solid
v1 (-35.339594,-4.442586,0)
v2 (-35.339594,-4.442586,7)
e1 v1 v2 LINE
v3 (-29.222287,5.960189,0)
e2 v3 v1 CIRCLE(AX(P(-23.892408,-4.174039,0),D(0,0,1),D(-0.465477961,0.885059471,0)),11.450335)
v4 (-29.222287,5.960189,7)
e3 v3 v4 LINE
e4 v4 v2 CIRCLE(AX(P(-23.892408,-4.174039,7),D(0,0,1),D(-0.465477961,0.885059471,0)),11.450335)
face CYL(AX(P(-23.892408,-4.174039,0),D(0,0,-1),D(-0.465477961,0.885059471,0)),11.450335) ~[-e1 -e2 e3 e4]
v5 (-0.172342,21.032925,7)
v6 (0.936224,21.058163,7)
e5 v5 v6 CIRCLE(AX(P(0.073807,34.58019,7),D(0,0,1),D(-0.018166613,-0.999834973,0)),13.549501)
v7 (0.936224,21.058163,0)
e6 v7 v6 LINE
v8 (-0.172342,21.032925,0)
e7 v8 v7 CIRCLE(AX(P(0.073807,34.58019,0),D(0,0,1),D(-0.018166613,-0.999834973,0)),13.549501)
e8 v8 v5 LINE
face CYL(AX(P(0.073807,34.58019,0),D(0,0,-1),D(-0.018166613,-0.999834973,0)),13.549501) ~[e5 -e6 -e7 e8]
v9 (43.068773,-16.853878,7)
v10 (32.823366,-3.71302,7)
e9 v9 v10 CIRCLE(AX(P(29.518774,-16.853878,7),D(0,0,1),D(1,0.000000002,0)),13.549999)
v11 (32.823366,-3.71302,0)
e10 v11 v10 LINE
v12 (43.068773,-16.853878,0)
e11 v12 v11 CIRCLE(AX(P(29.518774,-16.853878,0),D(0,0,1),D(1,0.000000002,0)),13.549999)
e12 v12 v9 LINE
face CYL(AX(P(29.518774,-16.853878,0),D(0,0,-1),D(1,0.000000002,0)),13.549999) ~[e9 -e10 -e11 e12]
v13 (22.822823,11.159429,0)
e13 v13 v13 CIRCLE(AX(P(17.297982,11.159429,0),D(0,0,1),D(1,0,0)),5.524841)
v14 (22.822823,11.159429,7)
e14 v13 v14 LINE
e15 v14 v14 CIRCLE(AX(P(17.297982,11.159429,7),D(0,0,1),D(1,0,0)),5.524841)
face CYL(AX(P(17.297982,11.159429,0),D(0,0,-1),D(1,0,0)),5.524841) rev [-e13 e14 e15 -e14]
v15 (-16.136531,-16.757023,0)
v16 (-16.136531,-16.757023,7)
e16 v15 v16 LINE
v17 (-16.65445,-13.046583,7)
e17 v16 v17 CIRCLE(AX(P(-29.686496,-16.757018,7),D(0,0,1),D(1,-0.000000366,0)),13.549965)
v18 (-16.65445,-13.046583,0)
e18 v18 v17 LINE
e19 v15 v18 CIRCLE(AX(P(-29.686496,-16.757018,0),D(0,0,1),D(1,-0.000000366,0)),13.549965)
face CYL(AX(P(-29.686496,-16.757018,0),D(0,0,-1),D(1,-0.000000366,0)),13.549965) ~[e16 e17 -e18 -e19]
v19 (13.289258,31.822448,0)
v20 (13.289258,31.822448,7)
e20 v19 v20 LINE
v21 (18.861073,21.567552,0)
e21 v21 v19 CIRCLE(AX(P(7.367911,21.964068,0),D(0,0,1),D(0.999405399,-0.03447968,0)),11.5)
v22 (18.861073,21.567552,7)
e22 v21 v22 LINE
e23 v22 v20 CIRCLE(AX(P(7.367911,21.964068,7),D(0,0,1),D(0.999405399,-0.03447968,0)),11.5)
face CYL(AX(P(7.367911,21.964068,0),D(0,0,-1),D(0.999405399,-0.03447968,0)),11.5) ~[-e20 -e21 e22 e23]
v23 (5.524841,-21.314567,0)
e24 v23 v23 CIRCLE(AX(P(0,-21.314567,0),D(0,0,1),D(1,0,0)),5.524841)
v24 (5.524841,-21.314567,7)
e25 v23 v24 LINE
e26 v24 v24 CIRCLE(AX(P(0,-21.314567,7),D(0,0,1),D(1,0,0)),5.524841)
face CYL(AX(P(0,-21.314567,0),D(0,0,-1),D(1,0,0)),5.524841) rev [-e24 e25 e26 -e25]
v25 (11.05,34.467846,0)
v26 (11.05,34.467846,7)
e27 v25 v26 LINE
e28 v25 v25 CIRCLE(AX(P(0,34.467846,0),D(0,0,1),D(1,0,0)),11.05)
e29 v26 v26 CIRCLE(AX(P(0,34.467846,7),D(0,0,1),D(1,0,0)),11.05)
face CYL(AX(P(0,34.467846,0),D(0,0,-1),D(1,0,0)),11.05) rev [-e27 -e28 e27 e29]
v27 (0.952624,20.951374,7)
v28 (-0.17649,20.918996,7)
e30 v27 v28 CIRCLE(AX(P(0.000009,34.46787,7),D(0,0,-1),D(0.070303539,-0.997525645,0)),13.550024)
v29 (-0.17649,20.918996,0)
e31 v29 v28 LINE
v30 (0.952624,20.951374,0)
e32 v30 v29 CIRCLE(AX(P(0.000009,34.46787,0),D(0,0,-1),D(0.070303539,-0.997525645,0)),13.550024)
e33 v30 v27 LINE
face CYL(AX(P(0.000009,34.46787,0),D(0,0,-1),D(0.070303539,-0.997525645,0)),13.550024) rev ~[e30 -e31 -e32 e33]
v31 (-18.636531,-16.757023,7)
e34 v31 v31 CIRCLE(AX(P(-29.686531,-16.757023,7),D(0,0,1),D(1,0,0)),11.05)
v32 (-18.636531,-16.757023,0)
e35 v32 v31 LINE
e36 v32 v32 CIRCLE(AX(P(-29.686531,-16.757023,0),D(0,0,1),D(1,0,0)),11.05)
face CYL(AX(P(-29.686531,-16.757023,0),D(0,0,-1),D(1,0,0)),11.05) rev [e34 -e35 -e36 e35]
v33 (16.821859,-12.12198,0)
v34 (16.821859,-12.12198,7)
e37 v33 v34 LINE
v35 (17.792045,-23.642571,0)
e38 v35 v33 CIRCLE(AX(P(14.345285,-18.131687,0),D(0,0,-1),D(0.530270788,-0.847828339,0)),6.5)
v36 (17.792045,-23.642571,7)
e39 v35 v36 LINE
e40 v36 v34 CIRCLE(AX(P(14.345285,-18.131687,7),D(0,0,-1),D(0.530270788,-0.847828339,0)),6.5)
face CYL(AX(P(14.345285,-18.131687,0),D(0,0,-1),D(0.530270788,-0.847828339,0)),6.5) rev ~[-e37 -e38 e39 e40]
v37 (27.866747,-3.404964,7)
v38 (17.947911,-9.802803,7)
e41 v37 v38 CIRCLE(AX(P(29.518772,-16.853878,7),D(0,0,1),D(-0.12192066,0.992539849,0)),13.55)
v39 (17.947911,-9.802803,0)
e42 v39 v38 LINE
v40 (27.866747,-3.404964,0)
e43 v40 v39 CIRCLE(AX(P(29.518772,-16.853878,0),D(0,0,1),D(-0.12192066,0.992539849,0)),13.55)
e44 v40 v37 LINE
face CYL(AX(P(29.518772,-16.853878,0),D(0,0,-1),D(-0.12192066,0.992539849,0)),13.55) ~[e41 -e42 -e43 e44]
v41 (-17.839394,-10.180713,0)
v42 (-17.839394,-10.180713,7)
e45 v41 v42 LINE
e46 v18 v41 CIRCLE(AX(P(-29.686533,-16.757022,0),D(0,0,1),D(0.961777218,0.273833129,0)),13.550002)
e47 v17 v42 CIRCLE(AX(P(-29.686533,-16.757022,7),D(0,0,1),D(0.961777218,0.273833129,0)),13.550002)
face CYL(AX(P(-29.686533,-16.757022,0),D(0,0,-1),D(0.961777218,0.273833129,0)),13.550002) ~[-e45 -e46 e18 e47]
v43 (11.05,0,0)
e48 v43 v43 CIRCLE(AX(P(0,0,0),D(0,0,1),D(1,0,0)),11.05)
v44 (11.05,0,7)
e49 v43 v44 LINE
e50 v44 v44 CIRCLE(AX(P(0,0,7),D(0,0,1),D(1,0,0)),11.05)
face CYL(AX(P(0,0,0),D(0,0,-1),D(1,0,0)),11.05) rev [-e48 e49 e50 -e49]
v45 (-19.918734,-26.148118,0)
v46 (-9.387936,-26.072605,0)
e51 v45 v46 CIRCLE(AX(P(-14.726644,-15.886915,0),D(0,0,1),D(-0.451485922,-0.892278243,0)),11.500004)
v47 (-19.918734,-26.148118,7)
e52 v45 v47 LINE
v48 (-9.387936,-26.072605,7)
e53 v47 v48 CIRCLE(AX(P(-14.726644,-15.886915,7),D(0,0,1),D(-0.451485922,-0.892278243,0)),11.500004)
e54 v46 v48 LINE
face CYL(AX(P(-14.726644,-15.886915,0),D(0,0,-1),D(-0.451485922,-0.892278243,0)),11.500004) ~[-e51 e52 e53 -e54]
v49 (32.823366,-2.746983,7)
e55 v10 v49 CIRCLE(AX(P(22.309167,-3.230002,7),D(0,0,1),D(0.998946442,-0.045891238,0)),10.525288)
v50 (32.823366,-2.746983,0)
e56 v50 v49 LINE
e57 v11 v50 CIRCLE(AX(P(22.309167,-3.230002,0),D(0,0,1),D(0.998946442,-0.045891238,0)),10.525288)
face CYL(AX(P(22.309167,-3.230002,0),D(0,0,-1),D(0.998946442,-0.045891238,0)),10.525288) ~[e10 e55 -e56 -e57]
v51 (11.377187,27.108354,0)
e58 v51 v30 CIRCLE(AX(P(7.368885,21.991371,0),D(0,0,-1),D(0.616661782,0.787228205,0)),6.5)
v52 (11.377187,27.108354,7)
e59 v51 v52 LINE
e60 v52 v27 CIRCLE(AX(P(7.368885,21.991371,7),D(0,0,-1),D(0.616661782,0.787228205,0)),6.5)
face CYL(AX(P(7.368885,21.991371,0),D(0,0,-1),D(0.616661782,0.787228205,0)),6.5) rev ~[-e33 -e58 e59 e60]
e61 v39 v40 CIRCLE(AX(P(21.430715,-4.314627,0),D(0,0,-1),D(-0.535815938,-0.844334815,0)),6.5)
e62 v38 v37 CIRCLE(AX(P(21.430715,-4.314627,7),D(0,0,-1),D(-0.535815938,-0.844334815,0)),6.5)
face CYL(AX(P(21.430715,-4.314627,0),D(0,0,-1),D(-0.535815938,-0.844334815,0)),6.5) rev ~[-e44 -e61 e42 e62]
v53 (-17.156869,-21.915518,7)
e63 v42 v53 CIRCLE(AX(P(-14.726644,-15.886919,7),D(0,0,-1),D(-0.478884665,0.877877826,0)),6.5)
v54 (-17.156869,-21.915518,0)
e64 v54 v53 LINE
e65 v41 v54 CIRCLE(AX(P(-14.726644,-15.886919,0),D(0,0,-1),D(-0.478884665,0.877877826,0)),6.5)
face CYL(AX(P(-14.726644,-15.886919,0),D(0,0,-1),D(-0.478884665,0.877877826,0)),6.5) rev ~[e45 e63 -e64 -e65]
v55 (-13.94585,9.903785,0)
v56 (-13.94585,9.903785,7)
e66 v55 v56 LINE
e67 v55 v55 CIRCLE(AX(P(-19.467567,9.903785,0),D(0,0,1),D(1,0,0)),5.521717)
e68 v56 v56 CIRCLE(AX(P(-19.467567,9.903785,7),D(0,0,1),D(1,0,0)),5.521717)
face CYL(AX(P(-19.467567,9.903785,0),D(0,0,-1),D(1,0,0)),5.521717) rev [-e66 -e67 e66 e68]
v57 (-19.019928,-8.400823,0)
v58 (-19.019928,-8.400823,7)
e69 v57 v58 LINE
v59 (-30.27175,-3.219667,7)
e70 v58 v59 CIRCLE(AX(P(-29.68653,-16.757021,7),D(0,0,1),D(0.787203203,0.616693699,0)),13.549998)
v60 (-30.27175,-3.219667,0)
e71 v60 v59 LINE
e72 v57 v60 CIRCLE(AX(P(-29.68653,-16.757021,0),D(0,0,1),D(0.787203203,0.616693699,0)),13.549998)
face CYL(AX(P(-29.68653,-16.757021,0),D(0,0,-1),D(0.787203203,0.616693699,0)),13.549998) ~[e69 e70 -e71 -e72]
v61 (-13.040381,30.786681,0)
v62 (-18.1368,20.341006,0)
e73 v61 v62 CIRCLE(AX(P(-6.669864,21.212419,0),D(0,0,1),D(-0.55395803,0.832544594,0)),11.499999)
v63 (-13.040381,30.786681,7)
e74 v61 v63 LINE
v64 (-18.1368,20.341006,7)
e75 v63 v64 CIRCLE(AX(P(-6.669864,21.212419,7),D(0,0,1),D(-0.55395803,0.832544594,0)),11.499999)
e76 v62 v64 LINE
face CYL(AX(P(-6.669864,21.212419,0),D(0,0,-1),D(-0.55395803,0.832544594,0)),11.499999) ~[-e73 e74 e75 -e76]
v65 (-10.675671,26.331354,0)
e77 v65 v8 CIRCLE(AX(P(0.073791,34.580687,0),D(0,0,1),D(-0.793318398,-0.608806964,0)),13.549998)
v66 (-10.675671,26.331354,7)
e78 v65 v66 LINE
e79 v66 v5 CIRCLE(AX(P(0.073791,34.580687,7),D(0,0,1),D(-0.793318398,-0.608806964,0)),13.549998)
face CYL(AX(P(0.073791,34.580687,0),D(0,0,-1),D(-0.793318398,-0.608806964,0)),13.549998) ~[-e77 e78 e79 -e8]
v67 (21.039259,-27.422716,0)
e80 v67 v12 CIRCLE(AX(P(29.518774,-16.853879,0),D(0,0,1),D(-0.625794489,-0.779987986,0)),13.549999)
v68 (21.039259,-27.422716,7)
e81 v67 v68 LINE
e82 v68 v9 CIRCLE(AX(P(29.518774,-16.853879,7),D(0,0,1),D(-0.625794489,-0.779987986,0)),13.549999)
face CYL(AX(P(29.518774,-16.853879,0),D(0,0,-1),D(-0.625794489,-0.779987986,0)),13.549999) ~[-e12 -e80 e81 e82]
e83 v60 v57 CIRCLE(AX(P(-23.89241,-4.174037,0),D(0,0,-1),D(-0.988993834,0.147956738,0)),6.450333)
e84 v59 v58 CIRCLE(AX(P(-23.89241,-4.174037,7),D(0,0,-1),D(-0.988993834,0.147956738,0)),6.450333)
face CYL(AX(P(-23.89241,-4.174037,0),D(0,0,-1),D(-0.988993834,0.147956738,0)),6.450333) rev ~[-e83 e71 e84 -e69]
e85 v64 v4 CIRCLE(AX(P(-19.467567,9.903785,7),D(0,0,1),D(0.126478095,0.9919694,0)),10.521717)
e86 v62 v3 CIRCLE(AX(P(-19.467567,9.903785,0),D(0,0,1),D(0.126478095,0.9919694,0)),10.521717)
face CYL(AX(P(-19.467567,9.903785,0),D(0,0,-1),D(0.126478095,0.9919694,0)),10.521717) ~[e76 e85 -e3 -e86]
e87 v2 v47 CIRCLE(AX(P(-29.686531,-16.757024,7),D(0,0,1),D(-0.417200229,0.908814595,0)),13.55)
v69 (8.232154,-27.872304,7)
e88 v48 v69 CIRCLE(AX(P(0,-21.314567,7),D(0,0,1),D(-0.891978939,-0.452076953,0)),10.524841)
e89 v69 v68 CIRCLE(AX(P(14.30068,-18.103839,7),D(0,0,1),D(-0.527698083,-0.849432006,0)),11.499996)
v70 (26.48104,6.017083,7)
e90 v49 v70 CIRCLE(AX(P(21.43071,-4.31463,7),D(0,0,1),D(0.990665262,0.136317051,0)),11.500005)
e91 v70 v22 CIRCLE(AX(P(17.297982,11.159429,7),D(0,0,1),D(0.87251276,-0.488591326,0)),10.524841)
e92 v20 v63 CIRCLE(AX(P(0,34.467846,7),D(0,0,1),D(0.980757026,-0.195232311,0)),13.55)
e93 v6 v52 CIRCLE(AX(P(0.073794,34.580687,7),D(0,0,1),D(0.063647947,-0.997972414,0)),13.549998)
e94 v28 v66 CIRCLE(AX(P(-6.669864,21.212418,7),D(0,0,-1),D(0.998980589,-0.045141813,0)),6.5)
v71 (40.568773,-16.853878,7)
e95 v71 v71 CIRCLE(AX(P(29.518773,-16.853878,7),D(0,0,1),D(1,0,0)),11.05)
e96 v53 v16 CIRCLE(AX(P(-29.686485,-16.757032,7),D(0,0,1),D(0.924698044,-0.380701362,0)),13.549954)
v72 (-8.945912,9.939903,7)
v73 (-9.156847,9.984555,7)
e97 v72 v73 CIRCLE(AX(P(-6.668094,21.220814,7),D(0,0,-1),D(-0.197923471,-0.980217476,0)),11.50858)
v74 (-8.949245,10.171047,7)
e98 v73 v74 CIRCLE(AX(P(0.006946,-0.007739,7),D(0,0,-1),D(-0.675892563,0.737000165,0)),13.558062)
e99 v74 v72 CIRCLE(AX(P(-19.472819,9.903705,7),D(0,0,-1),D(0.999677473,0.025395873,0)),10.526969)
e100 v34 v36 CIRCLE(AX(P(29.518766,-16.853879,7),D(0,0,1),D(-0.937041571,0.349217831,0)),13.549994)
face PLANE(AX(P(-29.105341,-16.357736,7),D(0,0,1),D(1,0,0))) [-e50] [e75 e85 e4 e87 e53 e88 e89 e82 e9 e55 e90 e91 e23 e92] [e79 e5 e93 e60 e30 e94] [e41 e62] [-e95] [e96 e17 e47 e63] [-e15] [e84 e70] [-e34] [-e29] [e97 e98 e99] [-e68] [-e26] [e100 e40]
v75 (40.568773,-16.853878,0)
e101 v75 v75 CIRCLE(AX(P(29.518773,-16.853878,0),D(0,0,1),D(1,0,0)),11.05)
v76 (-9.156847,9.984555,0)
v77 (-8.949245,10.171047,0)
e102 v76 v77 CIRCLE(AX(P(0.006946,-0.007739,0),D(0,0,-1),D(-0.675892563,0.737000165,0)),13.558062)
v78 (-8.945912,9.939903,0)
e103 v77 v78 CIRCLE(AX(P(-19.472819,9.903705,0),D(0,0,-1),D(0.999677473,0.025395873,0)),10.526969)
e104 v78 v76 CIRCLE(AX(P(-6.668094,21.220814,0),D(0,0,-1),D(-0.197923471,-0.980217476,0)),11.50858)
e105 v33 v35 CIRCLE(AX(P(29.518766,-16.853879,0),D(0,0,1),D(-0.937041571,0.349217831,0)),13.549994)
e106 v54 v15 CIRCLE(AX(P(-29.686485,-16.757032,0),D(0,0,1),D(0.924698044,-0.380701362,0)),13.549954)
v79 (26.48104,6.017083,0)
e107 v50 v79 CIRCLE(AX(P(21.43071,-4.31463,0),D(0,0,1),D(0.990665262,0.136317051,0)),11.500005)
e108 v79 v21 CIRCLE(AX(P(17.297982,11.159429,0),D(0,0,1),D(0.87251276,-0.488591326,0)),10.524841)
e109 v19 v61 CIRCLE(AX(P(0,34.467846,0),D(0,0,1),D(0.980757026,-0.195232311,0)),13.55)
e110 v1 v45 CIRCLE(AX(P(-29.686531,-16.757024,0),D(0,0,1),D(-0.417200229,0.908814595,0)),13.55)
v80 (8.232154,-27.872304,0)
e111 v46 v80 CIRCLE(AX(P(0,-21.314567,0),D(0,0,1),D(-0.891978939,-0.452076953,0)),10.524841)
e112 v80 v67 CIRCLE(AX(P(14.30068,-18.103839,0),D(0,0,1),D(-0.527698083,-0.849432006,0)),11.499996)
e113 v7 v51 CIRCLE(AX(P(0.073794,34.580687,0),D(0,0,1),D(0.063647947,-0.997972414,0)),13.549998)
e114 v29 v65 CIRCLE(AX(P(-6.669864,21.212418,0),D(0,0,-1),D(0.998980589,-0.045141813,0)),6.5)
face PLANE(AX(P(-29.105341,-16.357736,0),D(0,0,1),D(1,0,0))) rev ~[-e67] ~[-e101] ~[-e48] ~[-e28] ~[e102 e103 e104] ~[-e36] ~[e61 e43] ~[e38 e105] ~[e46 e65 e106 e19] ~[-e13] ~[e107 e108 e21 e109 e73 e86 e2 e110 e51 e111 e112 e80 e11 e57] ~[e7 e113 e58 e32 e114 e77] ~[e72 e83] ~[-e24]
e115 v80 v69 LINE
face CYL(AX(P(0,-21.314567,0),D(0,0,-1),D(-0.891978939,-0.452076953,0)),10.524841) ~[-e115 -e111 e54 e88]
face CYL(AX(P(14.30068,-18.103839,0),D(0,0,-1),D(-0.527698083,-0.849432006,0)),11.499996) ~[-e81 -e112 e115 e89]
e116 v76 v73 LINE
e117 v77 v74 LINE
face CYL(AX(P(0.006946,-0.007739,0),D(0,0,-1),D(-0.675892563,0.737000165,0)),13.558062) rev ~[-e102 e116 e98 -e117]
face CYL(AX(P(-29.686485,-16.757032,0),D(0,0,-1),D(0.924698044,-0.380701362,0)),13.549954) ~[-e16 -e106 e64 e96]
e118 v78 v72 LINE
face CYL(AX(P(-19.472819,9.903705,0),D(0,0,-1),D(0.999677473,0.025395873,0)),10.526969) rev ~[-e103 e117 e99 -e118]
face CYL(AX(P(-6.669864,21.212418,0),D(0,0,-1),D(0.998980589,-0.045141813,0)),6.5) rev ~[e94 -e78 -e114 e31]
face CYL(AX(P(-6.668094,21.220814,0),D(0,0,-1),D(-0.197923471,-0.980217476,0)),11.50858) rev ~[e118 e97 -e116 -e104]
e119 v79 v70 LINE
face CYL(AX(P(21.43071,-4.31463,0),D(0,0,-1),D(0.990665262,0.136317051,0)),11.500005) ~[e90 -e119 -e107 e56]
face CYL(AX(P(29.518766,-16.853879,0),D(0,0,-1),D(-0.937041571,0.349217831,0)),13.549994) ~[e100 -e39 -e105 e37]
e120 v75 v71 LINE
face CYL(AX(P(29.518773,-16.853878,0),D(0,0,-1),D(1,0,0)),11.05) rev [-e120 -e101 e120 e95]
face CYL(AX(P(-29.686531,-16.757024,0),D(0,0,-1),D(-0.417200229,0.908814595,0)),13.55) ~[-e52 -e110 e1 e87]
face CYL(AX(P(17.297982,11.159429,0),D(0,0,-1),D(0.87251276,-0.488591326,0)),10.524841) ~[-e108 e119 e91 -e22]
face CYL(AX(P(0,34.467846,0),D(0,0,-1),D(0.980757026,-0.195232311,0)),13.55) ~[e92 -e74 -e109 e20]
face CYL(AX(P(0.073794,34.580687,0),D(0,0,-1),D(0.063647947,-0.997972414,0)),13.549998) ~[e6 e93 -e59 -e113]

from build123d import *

# Parameters (mm, degrees)
F0_R     = 11.05
F0_R_2   = 5.524841
F0_R_3   = 5.521717
F1_DEPTH = 7


with BuildPart() as f1:
    # F0 (on Top) → F1 (new body)
    with BuildSketch(Plane.XY):
        with BuildLine():
            ThreePointArc((-30.27175, -3.219667), (-32.865041, -3.5851), (-35.339594, -4.442586))
            ThreePointArc((-35.339594, -4.442586), (-40.732584, -24.604776), (-19.918734, -26.148118))
            ThreePointArc((-19.918734, -26.148118), (-18.338716, -24.161725), (-17.156869, -21.915518))
            ThreePointArc((-17.156869, -21.915518), (-16.394062, -19.386242), (-16.136531, -16.757023))
            ThreePointArc((-16.136531, -16.757023), (-16.266635, -14.883817), (-16.65445, -13.046583))
            ThreePointArc((-16.65445, -13.046583), (-17.164663, -11.579637), (-17.839394, -10.180713))
            ThreePointArc((-17.839394, -10.180713), (-18.394537, -9.267472), (-19.019928, -8.400823))
            ThreePointArc((-19.019928, -8.400823), (-24.019109, -4.449187), (-30.27175, -3.219667))
        make_face()
        with Locations((-29.686531, -16.757023)):
            Circle(F0_R, mode=Mode.SUBTRACT)
        with BuildLine():
            ThreePointArc((-13.040381, 30.786681), (-12.067165, 28.448015), (-10.675671, 26.331354))
            ThreePointArc((-10.675671, 26.331354), (-6.029005, 22.482823), (-0.172342, 21.032925))
            ThreePointArc((-0.172342, 21.032925), (0.382199, 21.034199), (0.936224, 21.058163))
            ThreePointArc((0.936224, 21.058163), (6.867395, 22.856804), (11.377187, 27.108354))
            ThreePointArc((11.377187, 27.108354), (12.556434, 29.374864), (13.289258, 31.822448))
            ThreePointArc((13.289258, 31.822448), (-0.532624, 48.007374), (-13.040381, 30.786681))
        make_face()
        with Locations((0, 34.467846)):
            Circle(F0_R, mode=Mode.SUBTRACT)
        with BuildLine():
            ThreePointArc((0.952624, 20.951374), (0.388404, 20.923414), (-0.17649, 20.918996))
            ThreePointArc((-0.17649, 20.918996), (-9.648186, 15.43491), (-10.675671, 26.331354))
            ThreePointArc((-10.675671, 26.331354), (-12.067165, 28.448015), (-13.040381, 30.786681))
            ThreePointArc((-13.040381, 30.786681), (-17.005323, 26.255064), (-18.1368, 20.341006))
            ThreePointArc((-18.1368, 20.341006), (-27.800797, 16.327475), (-29.222287, 5.960189))
            ThreePointArc((-29.222287, 5.960189), (-33.762662, 1.630121), (-35.339594, -4.442586))
            ThreePointArc((-35.339594, -4.442586), (-32.865041, -3.5851), (-30.27175, -3.219667))
            ThreePointArc((-30.27175, -3.219667), (-21.194494, 1.684977), (-19.019928, -8.400823))
            ThreePointArc((-19.019928, -8.400823), (-18.394537, -9.267472), (-17.839394, -10.180713))
            ThreePointArc((-17.839394, -10.180713), (-8.23761, -15.509501), (-17.156869, -21.915518))
            ThreePointArc((-17.156869, -21.915518), (-18.338716, -24.161725), (-19.918734, -26.148118))
            ThreePointArc((-19.918734, -26.148118), (-14.644184, -27.386623), (-9.387936, -26.072605))
            ThreePointArc((-9.387936, -26.072605), (-1.069433, -31.784934), (8.232154, -27.872304))
            ThreePointArc((8.232154, -27.872304), (14.704134, -29.596756), (21.039259, -27.422716))
            ThreePointArc((21.039259, -27.422716), (19.240377, -25.683208), (17.792045, -23.642571))
            ThreePointArc((17.792045, -23.642571), (7.868212, -18.677143), (16.821859, -12.12198))
            ThreePointArc((16.821859, -12.12198), (17.329602, -10.93555), (17.947911, -9.802803))
            ThreePointArc((17.947911, -9.802803), (17.907438, 1.147655), (27.866747, -3.404964))
            ThreePointArc((27.866747, -3.404964), (30.35929, -3.329972), (32.823366, -3.71302))
            ThreePointArc((32.823366, -3.71302), (32.834455, -3.230002), (32.823366, -2.746983))
            ThreePointArc((32.823366, -2.746983), (30.747102, 2.4274), (26.48104, 6.017083))
            ThreePointArc((26.48104, 6.017083), (26.74913, 15.790636), (18.861073, 21.567552))
            ThreePointArc((18.861073, 21.567552), (17.472712, 27.454332), (13.289258, 31.822448))
            ThreePointArc((13.289258, 31.822448), (12.556434, 29.374864), (11.377187, 27.108354))
            ThreePointArc((11.377187, 27.108354), (10.674436, 16.394645), (0.952624, 20.951374))
        make_face()
        with Locations((0, -21.314567)):
            Circle(F0_R_2, mode=Mode.SUBTRACT)
        Circle(F0_R, mode=Mode.SUBTRACT)
        with Locations((-19.467567, 9.903785)):
            Circle(F0_R_3, mode=Mode.SUBTRACT)
        with BuildLine():
            ThreePointArc((-9.156847, 9.984555), (-9.053526, 10.078335), (-8.949245, 10.171047))
            ThreePointArc((-8.949245, 10.171047), (-8.946944, 10.055484), (-8.945912, 9.939903))
            ThreePointArc((-8.945912, 9.939903), (-9.051484, 9.961735), (-9.156847, 9.984555))
        make_face(mode=Mode.SUBTRACT)
        with Locations((17.297982, 11.159429)):
            Circle(F0_R_2, mode=Mode.SUBTRACT)
        with BuildLine():
            ThreePointArc((43.068773, -16.853878), (40.204739, -8.522454), (32.823366, -3.71302))
            ThreePointArc((32.823366, -3.71302), (30.35929, -3.329972), (27.866747, -3.404964))
            ThreePointArc((27.866747, -3.404964), (22.174096, -5.467122), (17.947911, -9.802803))
            ThreePointArc((17.947911, -9.802803), (17.329602, -10.93555), (16.821859, -12.12198))
            ThreePointArc((16.821859, -12.12198), (16.016566, -17.990943), (17.792045, -23.642571))
            ThreePointArc((17.792045, -23.642571), (19.240377, -25.683208), (21.039259, -27.422716))
            ThreePointArc((21.039259, -27.422716), (35.379877, -29.070669), (43.068773, -16.853878))
        make_face()
        with Locations((29.518773, -16.853878)):
            Circle(F0_R, mode=Mode.SUBTRACT)
    extrude(amount=F1_DEPTH)


solid = f1.part
